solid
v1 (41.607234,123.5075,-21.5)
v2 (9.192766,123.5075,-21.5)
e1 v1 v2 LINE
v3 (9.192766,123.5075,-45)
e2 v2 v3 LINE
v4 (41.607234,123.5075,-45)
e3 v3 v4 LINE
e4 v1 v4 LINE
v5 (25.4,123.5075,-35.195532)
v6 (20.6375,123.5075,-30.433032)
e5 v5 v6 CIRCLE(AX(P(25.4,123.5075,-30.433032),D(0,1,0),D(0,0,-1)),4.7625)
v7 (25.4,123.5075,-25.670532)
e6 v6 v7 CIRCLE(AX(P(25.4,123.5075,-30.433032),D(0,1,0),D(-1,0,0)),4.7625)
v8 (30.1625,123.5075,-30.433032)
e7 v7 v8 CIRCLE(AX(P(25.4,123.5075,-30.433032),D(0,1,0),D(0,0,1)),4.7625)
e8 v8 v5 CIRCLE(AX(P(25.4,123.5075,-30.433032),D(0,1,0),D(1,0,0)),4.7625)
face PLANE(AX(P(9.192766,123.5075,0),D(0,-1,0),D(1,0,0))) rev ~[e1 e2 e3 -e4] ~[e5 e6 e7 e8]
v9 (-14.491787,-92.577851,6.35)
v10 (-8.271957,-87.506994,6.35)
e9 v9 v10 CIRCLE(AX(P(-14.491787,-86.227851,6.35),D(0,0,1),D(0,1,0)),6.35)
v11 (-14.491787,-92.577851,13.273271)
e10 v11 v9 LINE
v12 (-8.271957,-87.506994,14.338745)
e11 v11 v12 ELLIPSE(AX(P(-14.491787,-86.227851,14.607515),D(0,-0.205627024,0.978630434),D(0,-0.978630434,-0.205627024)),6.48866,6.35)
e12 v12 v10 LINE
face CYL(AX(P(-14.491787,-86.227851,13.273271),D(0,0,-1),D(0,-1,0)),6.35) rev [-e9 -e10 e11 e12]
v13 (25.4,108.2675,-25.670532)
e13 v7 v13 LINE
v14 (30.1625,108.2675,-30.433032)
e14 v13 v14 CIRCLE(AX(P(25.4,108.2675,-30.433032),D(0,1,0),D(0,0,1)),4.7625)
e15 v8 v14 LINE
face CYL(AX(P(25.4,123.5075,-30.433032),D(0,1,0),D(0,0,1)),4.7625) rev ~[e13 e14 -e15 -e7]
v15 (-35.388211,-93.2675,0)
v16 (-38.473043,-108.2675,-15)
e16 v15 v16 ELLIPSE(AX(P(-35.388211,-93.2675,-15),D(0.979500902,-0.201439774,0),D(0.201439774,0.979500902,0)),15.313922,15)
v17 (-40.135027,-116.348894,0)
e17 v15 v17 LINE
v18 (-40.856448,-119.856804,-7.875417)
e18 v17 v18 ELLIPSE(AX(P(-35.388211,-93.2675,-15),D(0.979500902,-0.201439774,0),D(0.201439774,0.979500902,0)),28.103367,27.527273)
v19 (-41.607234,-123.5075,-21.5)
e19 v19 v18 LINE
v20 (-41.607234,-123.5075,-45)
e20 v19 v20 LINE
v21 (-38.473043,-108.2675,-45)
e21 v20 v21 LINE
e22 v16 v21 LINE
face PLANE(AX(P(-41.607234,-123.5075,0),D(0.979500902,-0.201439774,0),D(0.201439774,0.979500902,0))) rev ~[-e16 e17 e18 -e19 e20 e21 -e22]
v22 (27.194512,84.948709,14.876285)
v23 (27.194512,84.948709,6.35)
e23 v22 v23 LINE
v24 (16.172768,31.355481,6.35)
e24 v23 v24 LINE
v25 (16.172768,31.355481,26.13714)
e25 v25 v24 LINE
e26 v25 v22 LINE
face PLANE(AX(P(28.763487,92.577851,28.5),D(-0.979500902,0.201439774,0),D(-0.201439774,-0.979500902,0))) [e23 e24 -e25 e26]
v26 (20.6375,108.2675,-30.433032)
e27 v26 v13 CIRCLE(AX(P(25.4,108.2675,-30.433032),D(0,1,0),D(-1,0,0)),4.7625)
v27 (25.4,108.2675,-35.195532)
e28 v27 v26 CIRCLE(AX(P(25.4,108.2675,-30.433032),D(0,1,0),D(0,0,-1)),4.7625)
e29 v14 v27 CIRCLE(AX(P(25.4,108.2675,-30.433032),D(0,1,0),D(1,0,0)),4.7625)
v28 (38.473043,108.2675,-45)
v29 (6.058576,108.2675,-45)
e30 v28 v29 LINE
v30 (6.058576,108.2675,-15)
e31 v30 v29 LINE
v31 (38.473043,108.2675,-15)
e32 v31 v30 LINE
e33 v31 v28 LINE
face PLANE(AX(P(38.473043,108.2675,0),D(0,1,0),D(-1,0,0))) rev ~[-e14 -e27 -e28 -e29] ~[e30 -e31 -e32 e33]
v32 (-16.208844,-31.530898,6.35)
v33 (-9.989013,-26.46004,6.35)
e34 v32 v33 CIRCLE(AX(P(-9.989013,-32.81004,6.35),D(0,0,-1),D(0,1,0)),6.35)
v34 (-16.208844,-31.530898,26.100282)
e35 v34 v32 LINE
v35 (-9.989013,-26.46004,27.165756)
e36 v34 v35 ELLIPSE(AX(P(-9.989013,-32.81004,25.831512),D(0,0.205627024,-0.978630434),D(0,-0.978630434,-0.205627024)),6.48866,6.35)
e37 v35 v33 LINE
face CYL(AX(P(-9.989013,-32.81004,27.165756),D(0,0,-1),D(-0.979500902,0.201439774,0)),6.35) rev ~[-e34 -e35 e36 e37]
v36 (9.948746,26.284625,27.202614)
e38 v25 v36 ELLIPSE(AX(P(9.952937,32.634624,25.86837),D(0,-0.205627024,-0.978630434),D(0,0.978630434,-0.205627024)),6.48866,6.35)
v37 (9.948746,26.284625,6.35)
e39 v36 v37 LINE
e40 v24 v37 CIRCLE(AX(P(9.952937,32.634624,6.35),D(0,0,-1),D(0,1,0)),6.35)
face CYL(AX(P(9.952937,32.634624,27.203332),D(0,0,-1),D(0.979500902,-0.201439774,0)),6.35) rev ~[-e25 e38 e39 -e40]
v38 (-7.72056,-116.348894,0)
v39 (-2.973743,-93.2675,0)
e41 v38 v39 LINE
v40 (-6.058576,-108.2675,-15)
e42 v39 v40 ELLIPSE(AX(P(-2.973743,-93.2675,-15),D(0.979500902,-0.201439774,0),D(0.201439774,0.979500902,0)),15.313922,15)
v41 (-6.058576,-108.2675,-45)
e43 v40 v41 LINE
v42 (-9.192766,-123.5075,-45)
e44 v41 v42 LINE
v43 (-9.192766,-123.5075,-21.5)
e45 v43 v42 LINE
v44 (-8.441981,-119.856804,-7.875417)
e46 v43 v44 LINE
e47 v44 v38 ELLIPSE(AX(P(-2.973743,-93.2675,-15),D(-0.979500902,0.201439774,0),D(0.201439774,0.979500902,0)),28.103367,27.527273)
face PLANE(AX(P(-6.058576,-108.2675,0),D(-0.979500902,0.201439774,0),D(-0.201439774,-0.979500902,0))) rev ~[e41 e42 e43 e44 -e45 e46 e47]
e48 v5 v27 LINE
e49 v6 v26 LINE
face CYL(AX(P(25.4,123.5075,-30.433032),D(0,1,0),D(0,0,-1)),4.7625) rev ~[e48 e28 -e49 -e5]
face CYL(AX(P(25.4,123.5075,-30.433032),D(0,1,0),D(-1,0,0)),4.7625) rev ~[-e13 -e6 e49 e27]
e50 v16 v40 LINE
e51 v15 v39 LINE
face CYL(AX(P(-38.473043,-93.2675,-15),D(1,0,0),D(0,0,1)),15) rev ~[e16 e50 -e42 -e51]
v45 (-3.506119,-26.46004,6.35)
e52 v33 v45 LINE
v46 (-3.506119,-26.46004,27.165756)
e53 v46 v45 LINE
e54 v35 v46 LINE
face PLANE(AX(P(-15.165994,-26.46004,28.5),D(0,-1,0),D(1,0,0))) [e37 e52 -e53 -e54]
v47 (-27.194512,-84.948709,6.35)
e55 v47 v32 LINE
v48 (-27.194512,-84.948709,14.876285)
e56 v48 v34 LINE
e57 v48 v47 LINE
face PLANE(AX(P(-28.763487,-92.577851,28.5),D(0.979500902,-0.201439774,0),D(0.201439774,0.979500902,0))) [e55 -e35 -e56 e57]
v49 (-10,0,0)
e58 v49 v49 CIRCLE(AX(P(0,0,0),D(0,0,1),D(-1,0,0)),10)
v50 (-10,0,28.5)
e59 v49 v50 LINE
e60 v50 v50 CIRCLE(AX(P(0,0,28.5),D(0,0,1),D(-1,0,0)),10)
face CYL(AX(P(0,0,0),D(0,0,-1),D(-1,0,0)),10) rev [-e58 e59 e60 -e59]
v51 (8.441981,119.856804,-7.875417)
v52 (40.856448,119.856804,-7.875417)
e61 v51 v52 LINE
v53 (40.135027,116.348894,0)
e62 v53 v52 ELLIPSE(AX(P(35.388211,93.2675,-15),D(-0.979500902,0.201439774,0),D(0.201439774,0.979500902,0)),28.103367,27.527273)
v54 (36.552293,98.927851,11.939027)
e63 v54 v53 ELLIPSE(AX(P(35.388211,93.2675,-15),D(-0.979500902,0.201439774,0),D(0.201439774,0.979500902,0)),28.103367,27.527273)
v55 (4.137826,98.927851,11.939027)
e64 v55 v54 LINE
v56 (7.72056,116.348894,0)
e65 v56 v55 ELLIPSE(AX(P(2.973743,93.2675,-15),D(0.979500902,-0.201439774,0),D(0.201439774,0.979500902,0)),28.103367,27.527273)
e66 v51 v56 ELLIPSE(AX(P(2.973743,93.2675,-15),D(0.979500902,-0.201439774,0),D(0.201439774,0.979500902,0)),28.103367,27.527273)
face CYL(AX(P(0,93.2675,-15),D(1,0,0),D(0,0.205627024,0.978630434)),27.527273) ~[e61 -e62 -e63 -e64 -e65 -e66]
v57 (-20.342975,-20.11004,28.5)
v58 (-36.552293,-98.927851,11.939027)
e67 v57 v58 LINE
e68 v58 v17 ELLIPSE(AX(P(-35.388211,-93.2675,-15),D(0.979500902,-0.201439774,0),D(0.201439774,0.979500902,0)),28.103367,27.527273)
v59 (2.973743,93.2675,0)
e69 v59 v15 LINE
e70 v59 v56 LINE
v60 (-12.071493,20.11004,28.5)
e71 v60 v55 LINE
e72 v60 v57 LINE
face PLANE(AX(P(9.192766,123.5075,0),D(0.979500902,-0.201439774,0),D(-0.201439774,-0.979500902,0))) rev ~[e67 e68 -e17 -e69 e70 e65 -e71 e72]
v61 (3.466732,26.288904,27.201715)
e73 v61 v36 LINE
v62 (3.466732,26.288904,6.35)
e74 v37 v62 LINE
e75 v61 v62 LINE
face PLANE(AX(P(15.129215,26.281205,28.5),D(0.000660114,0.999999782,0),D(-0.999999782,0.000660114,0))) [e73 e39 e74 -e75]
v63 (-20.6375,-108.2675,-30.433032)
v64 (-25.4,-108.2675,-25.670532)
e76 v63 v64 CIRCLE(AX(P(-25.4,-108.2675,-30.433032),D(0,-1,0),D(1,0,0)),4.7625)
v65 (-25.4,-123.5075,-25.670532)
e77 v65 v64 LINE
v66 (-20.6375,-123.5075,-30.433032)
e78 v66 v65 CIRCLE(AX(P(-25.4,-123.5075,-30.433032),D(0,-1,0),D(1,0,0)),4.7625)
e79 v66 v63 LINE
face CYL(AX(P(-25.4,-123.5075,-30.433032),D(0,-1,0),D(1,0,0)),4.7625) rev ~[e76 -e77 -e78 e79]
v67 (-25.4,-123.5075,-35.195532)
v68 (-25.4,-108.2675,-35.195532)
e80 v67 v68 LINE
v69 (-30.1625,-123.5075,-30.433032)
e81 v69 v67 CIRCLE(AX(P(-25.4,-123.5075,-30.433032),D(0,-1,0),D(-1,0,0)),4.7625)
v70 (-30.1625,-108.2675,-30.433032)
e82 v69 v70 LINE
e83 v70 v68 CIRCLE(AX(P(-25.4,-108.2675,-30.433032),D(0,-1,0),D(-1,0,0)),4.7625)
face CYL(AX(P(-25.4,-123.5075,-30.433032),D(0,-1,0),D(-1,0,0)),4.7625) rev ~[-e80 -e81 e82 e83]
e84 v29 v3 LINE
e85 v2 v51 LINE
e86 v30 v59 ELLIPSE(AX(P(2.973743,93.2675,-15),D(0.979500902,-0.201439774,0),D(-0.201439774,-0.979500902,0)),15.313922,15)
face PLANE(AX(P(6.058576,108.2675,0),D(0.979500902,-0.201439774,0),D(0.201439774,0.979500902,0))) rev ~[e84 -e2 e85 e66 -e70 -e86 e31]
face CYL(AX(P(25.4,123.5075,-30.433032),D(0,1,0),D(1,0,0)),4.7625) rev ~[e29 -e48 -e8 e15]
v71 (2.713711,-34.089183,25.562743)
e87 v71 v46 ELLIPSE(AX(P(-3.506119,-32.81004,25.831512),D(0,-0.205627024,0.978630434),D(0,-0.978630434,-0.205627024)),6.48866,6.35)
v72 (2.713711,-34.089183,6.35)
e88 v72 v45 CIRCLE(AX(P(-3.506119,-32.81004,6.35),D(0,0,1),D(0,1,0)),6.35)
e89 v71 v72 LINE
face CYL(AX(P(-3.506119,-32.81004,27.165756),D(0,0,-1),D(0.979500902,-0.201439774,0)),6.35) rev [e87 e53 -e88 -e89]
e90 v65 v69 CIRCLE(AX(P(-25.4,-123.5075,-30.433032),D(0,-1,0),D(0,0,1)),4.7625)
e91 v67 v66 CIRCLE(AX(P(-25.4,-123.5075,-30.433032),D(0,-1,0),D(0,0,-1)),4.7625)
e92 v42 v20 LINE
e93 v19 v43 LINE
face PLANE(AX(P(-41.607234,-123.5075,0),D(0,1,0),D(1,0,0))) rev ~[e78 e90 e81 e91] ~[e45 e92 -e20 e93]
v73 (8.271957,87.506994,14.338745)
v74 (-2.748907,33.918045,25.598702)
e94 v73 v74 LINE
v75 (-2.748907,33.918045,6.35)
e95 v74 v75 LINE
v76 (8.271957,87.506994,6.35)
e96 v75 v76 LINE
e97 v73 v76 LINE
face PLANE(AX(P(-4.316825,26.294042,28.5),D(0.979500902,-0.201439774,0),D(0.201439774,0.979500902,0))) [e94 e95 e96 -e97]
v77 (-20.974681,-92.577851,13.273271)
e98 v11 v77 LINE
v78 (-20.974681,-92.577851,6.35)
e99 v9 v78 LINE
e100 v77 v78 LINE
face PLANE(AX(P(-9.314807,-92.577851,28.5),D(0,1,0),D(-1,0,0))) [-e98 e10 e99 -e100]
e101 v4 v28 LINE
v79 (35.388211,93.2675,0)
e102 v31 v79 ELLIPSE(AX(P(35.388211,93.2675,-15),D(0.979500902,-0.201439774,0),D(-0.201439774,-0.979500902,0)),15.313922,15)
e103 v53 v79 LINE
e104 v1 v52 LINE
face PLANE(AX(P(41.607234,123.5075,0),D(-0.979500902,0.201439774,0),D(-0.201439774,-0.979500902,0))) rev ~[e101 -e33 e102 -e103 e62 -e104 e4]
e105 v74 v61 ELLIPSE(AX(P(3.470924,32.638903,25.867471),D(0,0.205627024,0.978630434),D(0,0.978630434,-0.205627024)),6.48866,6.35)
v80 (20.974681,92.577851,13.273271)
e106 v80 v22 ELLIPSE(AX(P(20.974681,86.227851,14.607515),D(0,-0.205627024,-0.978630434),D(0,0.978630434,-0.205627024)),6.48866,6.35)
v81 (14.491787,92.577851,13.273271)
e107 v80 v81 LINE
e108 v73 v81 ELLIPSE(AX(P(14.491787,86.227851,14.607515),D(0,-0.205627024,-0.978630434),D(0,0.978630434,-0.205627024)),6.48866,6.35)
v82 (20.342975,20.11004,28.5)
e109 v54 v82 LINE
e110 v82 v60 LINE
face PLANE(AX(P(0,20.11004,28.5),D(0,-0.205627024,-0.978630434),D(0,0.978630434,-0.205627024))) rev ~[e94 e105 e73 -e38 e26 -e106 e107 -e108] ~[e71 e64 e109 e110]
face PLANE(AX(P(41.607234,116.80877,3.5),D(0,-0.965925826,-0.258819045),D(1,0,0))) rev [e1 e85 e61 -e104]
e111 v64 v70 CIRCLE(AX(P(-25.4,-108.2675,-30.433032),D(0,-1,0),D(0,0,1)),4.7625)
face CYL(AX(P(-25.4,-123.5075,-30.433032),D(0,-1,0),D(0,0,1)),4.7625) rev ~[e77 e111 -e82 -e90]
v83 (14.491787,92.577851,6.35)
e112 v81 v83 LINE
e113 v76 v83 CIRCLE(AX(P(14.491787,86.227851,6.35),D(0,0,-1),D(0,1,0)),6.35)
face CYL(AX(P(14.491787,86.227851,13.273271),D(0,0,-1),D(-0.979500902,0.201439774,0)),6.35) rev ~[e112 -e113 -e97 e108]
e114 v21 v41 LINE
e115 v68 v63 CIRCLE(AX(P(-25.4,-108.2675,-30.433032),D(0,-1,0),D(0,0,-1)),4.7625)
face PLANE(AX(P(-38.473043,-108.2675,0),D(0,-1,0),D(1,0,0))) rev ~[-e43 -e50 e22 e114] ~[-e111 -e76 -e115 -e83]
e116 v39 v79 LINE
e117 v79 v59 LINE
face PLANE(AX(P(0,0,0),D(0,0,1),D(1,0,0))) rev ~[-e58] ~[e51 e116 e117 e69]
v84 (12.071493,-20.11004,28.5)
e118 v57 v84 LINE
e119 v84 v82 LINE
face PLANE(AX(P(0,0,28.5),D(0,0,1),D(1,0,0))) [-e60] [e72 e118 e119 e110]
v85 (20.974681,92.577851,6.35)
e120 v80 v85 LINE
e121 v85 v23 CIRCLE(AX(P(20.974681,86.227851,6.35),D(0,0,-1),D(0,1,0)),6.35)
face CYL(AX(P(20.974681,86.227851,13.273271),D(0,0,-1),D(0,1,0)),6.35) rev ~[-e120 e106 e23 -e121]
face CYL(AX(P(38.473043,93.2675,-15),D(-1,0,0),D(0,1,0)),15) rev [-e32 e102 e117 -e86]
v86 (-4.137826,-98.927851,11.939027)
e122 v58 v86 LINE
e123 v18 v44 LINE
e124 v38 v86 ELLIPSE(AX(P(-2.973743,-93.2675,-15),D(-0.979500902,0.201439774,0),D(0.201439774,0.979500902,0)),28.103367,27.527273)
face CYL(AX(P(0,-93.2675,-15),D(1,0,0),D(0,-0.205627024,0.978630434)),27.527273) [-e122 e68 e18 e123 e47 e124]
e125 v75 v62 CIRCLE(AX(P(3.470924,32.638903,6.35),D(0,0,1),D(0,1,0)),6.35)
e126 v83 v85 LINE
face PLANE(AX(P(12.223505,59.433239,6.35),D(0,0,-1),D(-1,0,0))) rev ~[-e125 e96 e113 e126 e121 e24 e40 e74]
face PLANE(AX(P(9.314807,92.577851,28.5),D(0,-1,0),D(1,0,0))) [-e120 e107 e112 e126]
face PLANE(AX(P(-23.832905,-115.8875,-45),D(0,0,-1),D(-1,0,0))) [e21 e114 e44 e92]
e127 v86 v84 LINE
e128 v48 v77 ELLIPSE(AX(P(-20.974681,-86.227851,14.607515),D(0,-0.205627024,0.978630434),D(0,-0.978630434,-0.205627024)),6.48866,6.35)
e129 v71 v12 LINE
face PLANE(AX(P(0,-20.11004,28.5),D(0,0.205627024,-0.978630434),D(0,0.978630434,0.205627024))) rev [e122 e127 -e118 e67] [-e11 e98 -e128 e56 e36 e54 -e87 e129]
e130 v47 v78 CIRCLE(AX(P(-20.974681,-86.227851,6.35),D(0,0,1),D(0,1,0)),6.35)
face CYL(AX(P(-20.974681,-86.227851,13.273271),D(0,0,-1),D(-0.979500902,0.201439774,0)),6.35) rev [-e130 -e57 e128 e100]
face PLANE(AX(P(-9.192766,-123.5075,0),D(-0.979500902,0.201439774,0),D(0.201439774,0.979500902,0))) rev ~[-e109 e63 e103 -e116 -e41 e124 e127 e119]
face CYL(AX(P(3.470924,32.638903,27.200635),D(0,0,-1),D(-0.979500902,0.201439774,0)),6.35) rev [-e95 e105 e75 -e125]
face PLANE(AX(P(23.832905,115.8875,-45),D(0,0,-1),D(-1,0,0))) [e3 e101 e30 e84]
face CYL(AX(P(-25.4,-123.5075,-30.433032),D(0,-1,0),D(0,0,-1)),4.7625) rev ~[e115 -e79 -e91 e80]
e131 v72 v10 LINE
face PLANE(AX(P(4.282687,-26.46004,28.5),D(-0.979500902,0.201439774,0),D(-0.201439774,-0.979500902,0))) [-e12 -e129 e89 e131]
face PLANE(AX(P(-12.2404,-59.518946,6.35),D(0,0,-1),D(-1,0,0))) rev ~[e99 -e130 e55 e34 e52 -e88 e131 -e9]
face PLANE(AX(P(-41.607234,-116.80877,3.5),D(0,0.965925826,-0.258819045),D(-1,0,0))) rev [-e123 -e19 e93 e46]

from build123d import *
from OCP.BRepFilletAPI import BRepFilletAPI_MakeChamfer

# Parameters (mm, degrees)
SKETCH1_R           = 10
BOSS_EXTRUDE1_DEPTH = 28.5
BOSS_EXTRUDE2_DEPTH = 45
CUT_EXTRUDE1_DEPTH  = 30
CIRPATTERN1_COUNT   = 2
CHAMFER1_SIZE       = 50
CHAMFER1_SIZE2      = 13.397459622
FILLET3_R           = 15
CHAMFER2_SIZE       = 90
CHAMFER2_SIZE2      = 13.607292824
CUT_EXTRUDE2_DEPTH  = 138.877715566
CUT_EXTRUDE4_DEPTH  = 22.15
FILLET6_R           = 6.35


with BuildPart() as part:
    # Sketch1 → Boss-Extrude1 (new body)
    with BuildSketch(Plane.XY):
        Polygon((-9.192766332, -123.5075), (41.607233668, 123.5075), (9.192766332, 123.5075), (-41.607233668, -123.5075), align=None)
        with Locations(Location((0, 0, 0), (0, 0, 180))):
            Circle(SKETCH1_R, mode=Mode.SUBTRACT)
    extrude(amount=BOSS_EXTRUDE1_DEPTH)

    # Sketch2 → Boss-Extrude2 (add)
    with BuildSketch(Plane(origin=(0, 0, 0), x_dir=(-1, 0, 0), z_dir=(0, 0, -1))):
        Polygon((-41.607233668, 123.5075), (-38.473043437, 108.2675), (-6.0585761, 108.2675), (-9.192766332, 123.5075), align=None)
        Polygon((38.473043437, -108.2675), (6.0585761, -108.2675), (9.192766332, -123.5075), (41.607233668, -123.5075), align=None)
    extrude(amount=BOSS_EXTRUDE2_DEPTH)

    # Sketch4 → Cut-Extrude1 (cut)
    with BuildSketch(Plane(origin=(0, 123.5075, 0), x_dir=(1, 0, 0), z_dir=(0, 1, 0))):
        with BuildLine():
            ThreePointArc((20.6375, 30.433032299), (22.032403955, 27.065436254), (25.4, 25.670532299))
            Line((25.4, 25.670532299), (25.4, 30.433032299))
            Line((25.4, 30.433032299), (20.6375, 30.433032299))
        make_face()
        with BuildLine():
            Line((25.4, 30.433032299), (25.4, 25.670532299))
            ThreePointArc((25.4, 25.670532299), (28.767596045, 27.065436254), (30.1625, 30.433032299))
            Line((30.1625, 30.433032299), (25.4, 30.433032299))
        make_face()
        with BuildLine():
            Line((20.6375, 30.433032299), (25.4, 30.433032299))
            Line((25.4, 30.433032299), (25.4, 35.195532299))
            ThreePointArc((25.4, 35.195532299), (22.032403955, 33.800628344), (20.6375, 30.433032299))
        make_face()
        with BuildLine():
            Line((25.4, 35.195532299), (25.4, 30.433032299))
            Line((25.4, 30.433032299), (30.1625, 30.433032299))
            ThreePointArc((30.1625, 30.433032299), (28.767596045, 33.800628344), (25.4, 35.195532299))
        make_face()
    cut_extrude1 = extrude(amount=-CUT_EXTRUDE1_DEPTH, mode=Mode.SUBTRACT)

    # CirPattern1: Cut-Extrude1 ×2 about axis
    cirpattern1_axis = Axis((0, 0, 28.5), (0, 0, -1))
    for i in range(1, CIRPATTERN1_COUNT):
        add(cut_extrude1.rotate(cirpattern1_axis, i * 360 / CIRPATTERN1_COUNT), mode=Mode.SUBTRACT)

    # Chamfer1: one chamfer whose edges measure the first distance from different faces: ONE call of the kernel's chamfer builder (chamfer() names one face for all edges)
    chamfer1_edges_1 = [part.edges().sort_by_distance(p)[0] for p in [
        (-25.4, -123.5075, 28.5),
    ]]
    chamfer1_side_1 = [part.faces().sort_by_distance(p)[0] for p in [
        (-25.4, -123.5075, -7.566085514),
    ]]
    chamfer1_edges_2 = [part.edges().sort_by_distance(p)[0] for p in [
        (25.4, 123.5075, 28.5),
    ]]
    chamfer1_side_2 = [part.faces().sort_by_distance(p)[0] for p in [
        (25.4, 123.5075, -7.566085514),
    ]]
    chamfer1 = BRepFilletAPI_MakeChamfer(part.part.solid().wrapped)
    for e in chamfer1_edges_1:
        chamfer1.Add(CHAMFER1_SIZE, CHAMFER1_SIZE2, e.wrapped, chamfer1_side_1[0].wrapped)  # the first distance lies on this face
    for e in chamfer1_edges_2:
        chamfer1.Add(CHAMFER1_SIZE, CHAMFER1_SIZE2, e.wrapped, chamfer1_side_2[0].wrapped)  # the first distance lies on this face
    add(Compound.cast(chamfer1.Shape()), mode=Mode.REPLACE)

    # Fillet3
    fillet3_edges = [part.edges().sort_by_distance(p)[0] for p in [
        (22.265809769, 108.2675, 0),
        (-22.265809769, -108.2675, 0),
    ]]
    fillet(fillet3_edges, radius=FILLET3_R)

    # Chamfer2
    chamfer2_edges = [part.edges().sort_by_distance(p)[0] for p in [
        (-22.644738381, -110.110040378, 28.5),
        (22.644738381, 110.110040378, 28.5),
    ]]
    chamfer2_side = [part.faces().sort_by_distance(p)[0] for p in [
        (13.919836124, 0.470415947, 28.5),
    ]]
    chamfer(chamfer2_edges, length=CHAMFER2_SIZE, length2=CHAMFER2_SIZE2, reference=chamfer2_side[0])

    # Sketch10 → Cut-Extrude2 (cut, symmetric)
    with BuildSketch(Plane(origin=(0, 0, 0), x_dir=(0, 0, -1), z_dir=(1, 0, 0))):
        with BuildLine():
            Line((-28.5, 20.110040378), (-11.939027322, 98.927851264))
            ThreePointArc((-11.939027322, 98.927851264), (-4.989688501, 112.1926981), (7.875417438, 119.856804105))
            Line((7.875417438, 119.856804105), (-24.698068362, 128.387749722))
            Line((-24.698068362, 128.387749722), (-33.956814005, 23.522391457))
            Line((-33.956814005, 23.522391457), (-28.5, 20.110040378))
        make_face()
    cut_extrude2 = extrude(amount=CUT_EXTRUDE2_DEPTH, both=True, mode=Mode.SUBTRACT)

    # Mirror1: Cut-Extrude2 across plane
    add(cut_extrude2.mirror(Plane.ZX), mode=Mode.SUBTRACT)

    # Sketch11 → Cut-Extrude4 (cut)
    with BuildSketch(Plane.XY.offset(28.5)):
        Polygon((15.129215341, 26.281205366), (-4.316825144, 26.294041963), (9.314806588, 92.577851264), (28.763486991, 92.577851264), align=None)
        Polygon((-15.165993749, -26.460040378), (4.282686653, -26.460040378), (-9.314806588, -92.577851264), (-28.763486991, -92.577851264), align=None)
    extrude(amount=-CUT_EXTRUDE4_DEPTH, mode=Mode.SUBTRACT)

    # Fillet6
    fillet6_edges = [part.edges().sort_by_distance(p)[0] for p in [
        (15.129215341, 26.281205366, 16.776666244),
        (-4.316825144, 26.294041963, 16.775317649),
        (9.314806588, 92.577851264, 9.811635567),
        (28.763486991, 92.577851264, 9.811635567),
        (-28.763486991, -92.577851264, 9.811635567),
        (-9.314806588, -92.577851264, 9.811635567),
        (4.282686653, -26.460040378, 16.757878094),
        (-15.165993749, -26.460040378, 16.757878094),
    ]]
    fillet(fillet6_edges, radius=FILLET6_R)


solid = part.part
